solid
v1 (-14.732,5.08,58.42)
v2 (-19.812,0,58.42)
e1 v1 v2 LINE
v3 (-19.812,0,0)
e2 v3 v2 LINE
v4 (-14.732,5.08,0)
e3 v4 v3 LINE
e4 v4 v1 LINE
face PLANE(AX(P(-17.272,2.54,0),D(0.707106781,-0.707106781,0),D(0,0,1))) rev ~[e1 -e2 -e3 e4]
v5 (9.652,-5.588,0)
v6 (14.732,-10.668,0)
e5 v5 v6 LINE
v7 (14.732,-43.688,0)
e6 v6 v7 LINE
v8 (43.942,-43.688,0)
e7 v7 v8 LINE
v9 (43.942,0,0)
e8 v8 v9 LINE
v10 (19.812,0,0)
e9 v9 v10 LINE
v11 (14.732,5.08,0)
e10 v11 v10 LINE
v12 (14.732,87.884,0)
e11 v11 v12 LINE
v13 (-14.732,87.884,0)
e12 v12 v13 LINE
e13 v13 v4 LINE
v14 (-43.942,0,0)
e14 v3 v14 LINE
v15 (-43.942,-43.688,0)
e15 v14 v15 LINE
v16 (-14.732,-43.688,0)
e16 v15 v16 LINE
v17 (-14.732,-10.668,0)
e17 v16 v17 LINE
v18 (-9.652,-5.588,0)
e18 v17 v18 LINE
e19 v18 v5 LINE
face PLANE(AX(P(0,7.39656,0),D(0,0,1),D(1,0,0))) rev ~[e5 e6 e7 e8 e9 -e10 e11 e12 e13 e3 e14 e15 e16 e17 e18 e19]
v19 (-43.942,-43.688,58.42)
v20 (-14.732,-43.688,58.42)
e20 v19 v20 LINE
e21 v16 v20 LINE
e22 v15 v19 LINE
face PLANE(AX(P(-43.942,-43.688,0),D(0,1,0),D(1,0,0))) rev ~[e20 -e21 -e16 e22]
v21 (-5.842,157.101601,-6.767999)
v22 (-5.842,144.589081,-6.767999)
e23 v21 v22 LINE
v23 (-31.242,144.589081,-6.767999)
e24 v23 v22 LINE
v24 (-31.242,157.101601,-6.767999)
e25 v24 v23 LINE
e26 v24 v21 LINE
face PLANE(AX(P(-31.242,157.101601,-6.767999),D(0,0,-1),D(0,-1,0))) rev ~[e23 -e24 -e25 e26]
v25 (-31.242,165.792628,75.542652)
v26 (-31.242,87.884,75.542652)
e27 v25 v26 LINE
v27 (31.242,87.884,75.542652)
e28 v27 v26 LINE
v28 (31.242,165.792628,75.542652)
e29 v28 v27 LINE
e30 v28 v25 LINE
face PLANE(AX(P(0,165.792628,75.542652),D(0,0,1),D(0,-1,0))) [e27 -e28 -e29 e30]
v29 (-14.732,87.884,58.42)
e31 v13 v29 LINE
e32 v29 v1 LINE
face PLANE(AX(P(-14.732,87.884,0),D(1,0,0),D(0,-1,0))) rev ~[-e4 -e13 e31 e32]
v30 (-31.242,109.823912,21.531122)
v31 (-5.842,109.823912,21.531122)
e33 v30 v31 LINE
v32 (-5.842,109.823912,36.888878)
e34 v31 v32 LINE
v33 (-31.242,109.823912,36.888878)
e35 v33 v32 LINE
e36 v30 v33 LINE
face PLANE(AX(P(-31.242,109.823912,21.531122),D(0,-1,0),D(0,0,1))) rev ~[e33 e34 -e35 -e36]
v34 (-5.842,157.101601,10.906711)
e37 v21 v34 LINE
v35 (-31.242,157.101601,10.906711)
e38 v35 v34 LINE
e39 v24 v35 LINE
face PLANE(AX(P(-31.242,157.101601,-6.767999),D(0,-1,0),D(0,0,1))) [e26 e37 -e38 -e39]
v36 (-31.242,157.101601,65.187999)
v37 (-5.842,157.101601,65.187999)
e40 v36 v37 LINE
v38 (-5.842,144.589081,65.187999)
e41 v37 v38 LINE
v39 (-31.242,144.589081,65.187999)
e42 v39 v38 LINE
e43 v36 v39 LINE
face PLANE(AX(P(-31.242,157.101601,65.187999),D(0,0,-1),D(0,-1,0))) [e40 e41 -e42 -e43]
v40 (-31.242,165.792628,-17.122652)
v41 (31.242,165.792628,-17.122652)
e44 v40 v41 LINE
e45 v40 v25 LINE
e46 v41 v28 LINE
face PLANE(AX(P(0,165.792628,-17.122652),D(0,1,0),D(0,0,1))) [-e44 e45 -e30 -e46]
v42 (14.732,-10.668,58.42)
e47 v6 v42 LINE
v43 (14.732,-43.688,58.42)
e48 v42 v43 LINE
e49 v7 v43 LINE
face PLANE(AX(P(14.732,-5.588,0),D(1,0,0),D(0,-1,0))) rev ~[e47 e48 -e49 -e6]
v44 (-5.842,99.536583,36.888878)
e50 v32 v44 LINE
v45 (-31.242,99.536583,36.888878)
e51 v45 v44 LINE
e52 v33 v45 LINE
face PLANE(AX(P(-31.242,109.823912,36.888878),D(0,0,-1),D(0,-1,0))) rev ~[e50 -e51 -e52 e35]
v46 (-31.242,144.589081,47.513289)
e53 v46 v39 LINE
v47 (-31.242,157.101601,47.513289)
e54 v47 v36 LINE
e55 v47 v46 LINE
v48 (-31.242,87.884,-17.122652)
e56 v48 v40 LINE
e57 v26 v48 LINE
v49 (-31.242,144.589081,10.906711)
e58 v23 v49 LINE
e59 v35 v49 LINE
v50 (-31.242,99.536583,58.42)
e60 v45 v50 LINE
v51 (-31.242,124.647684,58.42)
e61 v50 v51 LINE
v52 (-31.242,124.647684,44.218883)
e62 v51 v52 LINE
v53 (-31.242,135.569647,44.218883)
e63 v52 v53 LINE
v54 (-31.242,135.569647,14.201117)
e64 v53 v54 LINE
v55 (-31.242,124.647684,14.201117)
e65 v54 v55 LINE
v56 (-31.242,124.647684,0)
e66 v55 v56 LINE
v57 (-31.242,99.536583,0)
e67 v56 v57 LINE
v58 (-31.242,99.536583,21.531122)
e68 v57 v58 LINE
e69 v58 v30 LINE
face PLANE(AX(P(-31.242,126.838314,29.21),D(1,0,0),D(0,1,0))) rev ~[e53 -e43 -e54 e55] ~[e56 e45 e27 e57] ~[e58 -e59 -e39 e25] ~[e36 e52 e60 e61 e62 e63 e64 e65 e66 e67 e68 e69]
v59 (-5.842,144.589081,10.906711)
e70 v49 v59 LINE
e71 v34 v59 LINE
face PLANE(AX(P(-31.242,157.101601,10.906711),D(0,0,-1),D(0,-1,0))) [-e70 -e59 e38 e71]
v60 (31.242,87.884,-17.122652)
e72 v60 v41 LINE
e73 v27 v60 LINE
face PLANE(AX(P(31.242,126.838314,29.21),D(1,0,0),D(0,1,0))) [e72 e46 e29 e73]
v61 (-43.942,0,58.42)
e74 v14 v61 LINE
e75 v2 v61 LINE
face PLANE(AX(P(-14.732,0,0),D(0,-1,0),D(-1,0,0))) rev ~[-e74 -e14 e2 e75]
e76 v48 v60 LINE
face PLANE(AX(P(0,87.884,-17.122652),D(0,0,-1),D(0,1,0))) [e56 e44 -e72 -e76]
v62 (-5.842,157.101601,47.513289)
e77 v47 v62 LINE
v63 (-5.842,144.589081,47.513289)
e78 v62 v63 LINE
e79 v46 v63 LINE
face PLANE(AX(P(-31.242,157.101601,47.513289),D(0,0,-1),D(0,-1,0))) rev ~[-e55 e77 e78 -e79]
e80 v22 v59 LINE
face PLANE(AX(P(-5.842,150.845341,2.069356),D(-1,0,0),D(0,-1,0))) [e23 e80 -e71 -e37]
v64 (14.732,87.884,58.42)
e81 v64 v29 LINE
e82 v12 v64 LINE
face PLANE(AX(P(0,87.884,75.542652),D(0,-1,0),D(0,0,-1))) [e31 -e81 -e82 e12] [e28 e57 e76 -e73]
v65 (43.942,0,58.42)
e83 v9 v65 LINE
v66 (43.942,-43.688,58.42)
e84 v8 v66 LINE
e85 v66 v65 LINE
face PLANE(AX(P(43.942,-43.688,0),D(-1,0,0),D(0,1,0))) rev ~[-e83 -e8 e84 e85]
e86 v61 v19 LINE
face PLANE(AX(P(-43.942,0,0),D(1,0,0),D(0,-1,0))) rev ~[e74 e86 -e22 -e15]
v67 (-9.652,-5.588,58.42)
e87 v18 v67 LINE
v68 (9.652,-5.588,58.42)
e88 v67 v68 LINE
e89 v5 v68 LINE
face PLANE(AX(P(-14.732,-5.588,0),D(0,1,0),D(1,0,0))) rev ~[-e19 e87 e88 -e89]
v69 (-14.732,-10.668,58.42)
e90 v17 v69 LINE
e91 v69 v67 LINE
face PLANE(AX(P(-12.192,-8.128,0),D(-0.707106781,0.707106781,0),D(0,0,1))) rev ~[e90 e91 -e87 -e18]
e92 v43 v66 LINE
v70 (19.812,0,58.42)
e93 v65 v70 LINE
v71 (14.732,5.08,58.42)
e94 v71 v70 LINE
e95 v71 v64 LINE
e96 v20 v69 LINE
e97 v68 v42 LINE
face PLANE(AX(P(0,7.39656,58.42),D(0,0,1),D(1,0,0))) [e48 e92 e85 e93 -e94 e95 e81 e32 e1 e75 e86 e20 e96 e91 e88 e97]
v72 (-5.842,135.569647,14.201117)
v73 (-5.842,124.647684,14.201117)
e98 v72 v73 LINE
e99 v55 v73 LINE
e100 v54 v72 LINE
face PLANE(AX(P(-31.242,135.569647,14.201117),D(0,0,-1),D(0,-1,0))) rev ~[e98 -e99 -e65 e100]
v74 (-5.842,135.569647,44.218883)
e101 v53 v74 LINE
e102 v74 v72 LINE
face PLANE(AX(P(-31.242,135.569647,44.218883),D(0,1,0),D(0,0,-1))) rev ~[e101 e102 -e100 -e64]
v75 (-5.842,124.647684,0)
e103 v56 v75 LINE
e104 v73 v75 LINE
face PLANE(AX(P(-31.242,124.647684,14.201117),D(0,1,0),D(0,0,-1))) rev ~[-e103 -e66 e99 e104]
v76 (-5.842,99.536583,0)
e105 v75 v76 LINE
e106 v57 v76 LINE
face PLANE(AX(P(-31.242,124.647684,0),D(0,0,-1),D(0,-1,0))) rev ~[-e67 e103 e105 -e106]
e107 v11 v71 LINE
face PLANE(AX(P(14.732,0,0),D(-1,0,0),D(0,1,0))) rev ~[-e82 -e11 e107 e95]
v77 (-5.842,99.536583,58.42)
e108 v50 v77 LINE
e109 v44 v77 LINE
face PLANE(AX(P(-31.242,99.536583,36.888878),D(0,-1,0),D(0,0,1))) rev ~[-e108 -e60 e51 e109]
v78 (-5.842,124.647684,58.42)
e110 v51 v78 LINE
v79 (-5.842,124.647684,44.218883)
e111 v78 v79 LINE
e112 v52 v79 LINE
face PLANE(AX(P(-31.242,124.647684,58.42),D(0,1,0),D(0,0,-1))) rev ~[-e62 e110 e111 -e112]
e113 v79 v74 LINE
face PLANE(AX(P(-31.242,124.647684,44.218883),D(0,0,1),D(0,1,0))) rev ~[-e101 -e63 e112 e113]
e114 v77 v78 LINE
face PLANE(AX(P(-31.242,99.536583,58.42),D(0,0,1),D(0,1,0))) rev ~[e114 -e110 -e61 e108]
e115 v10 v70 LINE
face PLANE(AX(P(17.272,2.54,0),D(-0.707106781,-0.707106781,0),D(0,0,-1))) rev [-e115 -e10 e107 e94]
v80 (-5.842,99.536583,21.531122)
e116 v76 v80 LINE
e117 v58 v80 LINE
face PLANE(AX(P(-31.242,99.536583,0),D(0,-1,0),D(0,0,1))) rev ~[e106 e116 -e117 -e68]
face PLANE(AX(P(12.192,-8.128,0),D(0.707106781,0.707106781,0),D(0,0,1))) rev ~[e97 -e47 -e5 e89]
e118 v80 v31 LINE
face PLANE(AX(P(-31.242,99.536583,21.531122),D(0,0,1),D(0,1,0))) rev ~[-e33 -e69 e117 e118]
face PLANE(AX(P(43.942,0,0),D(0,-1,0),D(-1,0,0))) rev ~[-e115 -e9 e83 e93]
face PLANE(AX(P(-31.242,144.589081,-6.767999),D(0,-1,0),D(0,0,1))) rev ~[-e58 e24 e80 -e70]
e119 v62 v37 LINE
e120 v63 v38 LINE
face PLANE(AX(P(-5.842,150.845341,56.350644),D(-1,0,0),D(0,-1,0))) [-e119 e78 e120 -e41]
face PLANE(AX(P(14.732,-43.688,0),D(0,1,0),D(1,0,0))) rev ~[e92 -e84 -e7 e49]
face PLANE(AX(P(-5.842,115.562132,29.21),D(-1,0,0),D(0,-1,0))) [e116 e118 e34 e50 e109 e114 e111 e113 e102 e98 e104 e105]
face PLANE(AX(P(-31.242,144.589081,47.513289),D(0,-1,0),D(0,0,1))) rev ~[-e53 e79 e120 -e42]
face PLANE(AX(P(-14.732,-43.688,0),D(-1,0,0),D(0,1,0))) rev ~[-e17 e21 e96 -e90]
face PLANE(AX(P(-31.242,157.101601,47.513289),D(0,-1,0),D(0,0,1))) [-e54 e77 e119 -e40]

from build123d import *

# Parameters (mm, degrees)
F1_DEPTH = 58.42
F3_DEPTH = 31.242
F4_W     = 12.51252
F4_H     = 17.674709
F5_DEPTH = 25.4
F6_SIZE  = 5.08


with BuildPart() as f1:
    # F0 (on Top) → F1 (new body)
    with BuildSketch(Plane.XY):
        Polygon((-43.942, 0), (-43.942, -43.688), (-14.732, -43.688), (-14.732, -5.588), (0, -5.588), (14.732, -5.588), (14.732, -43.688), (43.942, -43.688), (43.942, 0), (14.732, 0), (14.732, 87.884), (0, 87.884), (-14.732, 87.884), (-14.732, 0), align=None)
    extrude(amount=F1_DEPTH)

    # F2 (on Right) → F3 (join, symmetric)
    with BuildSketch(Plane.YZ):
        Polygon((87.884, 75.542652), (87.884, 58.42), (87.884, 54.577157), (87.884, 0), (87.884, -17.122652), (165.792628, -17.122652), (165.792628, 75.542652), align=None)
    extrude(amount=F3_DEPTH, both=True)

    # F4 (on face) → F5 (cut)
    with BuildSketch(Plane(origin=(-31.242, 0, 0), x_dir=(0, -1, 0), z_dir=(-1, 0, 0))):
        with Locations((-150.845341, 2.069356)):
            Rectangle(F4_W, F4_H)
        Polygon((-135.569647, 44.218883), (-135.569647, 29.21), (-135.569647, 14.201117), (-124.647684, 14.201117), (-124.647684, 0), (-99.536583, 0), (-99.536583, 21.531122), (-109.823912, 21.531122), (-109.823912, 29.21), (-109.823912, 36.888878), (-99.536583, 36.888878), (-99.536583, 58.42), (-124.647684, 58.42), (-124.647684, 44.218883), align=None)
        with Locations((-150.845341, 56.350644)):
            Rectangle(F4_W, F4_H)
    extrude(amount=-F5_DEPTH, mode=Mode.SUBTRACT)

    # F6
    f6_edges = [f1.edges().sort_by_distance(p)[0] for p in [
        (14.732, -5.588, 29.21),
        (-14.732, -5.588, 29.21),
        (-14.732, 0, 29.21),
        (14.732, 0, 29.21),
    ]]
    chamfer(f6_edges, length=F6_SIZE)


solid = f1.part
